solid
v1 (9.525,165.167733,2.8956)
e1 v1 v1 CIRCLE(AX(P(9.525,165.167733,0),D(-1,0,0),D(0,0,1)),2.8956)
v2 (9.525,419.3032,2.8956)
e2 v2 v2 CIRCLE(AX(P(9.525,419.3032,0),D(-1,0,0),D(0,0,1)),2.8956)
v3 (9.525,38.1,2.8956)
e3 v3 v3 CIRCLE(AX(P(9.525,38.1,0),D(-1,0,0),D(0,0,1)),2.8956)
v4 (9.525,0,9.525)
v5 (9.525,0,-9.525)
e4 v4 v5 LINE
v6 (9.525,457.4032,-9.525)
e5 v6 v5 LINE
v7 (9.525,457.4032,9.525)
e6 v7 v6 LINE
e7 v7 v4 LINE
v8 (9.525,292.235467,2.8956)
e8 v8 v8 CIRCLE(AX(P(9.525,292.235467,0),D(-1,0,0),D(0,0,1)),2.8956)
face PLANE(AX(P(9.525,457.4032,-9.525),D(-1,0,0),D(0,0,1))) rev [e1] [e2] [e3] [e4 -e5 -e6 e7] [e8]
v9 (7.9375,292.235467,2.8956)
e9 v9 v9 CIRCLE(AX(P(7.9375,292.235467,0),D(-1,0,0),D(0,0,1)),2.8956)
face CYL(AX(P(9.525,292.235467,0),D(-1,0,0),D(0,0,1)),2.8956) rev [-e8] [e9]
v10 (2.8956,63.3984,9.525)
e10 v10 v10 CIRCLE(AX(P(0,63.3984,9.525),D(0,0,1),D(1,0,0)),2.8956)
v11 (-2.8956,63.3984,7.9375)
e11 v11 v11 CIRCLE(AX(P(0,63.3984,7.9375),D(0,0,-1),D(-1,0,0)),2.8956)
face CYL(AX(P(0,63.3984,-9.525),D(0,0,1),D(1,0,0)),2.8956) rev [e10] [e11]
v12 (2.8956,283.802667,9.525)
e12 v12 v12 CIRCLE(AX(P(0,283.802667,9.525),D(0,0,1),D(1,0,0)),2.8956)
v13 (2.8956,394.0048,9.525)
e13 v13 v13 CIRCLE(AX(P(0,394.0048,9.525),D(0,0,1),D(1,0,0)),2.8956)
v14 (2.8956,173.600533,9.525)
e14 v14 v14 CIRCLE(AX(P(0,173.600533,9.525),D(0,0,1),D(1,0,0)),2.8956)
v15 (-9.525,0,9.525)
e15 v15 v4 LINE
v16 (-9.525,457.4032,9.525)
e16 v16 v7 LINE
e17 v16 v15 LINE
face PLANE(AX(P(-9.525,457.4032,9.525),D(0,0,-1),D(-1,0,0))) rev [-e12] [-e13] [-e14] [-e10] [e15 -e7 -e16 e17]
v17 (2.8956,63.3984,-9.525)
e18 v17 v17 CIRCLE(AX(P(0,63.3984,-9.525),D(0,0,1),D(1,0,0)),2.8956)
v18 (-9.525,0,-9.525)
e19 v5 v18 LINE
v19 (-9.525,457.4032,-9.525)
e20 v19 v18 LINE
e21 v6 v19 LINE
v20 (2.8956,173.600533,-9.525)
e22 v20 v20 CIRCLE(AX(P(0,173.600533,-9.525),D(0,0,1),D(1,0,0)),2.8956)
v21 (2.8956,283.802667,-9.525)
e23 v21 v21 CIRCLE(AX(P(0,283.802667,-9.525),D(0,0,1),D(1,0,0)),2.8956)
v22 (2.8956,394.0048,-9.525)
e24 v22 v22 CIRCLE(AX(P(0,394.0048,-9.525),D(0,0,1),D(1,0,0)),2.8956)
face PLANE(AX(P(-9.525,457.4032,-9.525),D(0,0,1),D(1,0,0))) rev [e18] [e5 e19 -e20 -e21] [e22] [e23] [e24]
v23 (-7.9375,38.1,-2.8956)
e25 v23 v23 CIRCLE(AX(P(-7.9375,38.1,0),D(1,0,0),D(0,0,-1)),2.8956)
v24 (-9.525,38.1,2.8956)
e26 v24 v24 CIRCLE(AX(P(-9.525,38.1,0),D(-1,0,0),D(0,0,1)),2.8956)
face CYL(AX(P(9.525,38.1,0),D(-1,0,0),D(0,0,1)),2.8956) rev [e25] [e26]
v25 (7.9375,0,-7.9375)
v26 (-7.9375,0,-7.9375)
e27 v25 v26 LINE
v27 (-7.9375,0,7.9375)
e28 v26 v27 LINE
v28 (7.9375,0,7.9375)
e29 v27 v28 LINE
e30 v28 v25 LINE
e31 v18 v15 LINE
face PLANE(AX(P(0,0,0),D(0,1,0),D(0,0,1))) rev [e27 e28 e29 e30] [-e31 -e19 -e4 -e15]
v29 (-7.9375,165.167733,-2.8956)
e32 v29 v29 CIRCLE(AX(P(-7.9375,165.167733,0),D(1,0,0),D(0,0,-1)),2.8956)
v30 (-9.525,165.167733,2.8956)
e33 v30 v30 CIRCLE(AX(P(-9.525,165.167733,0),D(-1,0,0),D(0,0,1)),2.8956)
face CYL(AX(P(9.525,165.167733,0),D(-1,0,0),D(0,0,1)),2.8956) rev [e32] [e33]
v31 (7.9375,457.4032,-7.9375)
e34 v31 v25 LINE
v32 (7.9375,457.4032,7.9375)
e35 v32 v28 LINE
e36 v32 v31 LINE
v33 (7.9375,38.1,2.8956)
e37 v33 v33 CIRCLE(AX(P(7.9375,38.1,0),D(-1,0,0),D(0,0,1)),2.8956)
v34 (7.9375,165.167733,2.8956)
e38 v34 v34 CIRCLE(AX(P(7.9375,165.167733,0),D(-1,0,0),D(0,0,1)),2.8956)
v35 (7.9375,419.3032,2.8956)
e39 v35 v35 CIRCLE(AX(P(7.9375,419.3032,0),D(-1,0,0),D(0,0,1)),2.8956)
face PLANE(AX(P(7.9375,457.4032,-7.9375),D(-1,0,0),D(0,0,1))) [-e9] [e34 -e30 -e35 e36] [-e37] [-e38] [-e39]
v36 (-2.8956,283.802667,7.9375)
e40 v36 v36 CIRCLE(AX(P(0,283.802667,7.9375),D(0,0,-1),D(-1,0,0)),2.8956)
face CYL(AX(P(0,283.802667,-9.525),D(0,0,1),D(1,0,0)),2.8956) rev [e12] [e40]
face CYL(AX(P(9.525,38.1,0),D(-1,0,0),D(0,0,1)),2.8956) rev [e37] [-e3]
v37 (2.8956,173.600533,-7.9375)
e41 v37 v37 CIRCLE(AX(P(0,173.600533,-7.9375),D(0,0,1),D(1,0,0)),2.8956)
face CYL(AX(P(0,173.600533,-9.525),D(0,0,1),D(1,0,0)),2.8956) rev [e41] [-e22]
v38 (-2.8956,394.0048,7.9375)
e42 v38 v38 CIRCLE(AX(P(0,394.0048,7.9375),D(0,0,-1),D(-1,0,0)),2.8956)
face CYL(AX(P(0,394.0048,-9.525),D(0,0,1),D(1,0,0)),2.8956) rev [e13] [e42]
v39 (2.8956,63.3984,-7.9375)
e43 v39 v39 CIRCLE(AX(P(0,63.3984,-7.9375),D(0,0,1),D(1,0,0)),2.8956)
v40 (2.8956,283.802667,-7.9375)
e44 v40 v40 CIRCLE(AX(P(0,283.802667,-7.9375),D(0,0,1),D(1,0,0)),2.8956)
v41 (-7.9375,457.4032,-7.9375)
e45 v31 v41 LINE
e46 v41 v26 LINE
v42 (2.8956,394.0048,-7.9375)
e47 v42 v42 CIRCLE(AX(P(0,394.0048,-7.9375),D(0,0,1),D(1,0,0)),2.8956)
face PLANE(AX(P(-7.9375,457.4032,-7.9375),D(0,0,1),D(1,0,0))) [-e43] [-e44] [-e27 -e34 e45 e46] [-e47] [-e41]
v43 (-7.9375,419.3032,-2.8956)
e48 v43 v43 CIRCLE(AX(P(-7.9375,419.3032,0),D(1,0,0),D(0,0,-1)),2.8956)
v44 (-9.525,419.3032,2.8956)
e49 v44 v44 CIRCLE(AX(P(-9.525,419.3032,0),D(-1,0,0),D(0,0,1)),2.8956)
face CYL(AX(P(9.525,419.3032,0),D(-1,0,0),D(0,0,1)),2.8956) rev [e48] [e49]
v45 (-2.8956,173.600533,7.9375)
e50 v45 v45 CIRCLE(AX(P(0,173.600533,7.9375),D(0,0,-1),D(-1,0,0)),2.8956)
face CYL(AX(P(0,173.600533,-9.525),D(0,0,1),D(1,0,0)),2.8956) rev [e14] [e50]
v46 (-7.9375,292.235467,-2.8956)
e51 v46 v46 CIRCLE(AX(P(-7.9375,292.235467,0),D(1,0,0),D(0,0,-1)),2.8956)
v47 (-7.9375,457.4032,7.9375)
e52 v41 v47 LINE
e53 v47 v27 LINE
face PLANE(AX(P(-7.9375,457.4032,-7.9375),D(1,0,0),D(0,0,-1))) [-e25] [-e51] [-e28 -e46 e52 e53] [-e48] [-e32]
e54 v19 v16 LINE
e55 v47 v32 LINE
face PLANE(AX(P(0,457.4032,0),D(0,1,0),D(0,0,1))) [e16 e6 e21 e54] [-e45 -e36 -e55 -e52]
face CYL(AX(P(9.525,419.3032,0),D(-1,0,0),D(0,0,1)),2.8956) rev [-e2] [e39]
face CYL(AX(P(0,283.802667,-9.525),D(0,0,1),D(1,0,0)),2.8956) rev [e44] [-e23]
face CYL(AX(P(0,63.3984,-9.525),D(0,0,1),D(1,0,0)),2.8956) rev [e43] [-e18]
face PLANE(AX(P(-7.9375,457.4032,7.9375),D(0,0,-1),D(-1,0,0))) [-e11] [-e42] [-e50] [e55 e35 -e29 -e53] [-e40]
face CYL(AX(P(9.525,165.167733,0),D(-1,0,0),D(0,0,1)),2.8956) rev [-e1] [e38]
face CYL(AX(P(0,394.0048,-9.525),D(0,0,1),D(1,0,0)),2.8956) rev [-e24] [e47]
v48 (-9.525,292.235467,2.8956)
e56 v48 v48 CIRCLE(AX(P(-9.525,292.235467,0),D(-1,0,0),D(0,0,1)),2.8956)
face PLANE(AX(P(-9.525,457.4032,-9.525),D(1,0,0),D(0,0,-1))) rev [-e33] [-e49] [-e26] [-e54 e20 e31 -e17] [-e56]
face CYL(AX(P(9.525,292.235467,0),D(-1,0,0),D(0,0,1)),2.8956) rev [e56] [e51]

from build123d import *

# Parameters (mm, degrees)
SKETCH1_W                 = 19.05
SKETCH1_H                 = 19.05
SKETCH1_W_2               = 15.875
SKETCH1_H_2               = 15.875
TUBE_DEPTH                = 457.4032
SKETCH2_R                 = 2.8956
TOPPLATEHOLES_DEPTH       = 20.05
LPATTERN1_COUNT           = 4
LPATTERN1_PITCH           = 110.202133333
SKETCH3_R                 = 2.8956
SIDEPLATEHOLEMASTER_DEPTH = 20.05
LPATTERN2_COUNT           = 4
LPATTERN2_PITCH           = 127.067733333


with BuildPart() as part:
    # Sketch1 → Tube (new body)
    with BuildSketch(Plane(origin=(0, 0, 0), x_dir=(1, 0, 0), z_dir=(0, 1, 0))):
        Rectangle(SKETCH1_W, SKETCH1_H)
        Rectangle(SKETCH1_W_2, SKETCH1_H_2, mode=Mode.SUBTRACT)
    extrude(amount=TUBE_DEPTH)

    # Sketch2 → TopPlateHoles (cut, through all)
    with BuildSketch(Plane.XY.offset(9.525)):
        with Locations((0, 394.0048)):
            Circle(SKETCH2_R)
    topplateholes = extrude(amount=-TOPPLATEHOLES_DEPTH, mode=Mode.SUBTRACT)

    # LPattern1: TopPlateHoles ×4
    with Locations(*[(0, -i * LPATTERN1_PITCH, 0) for i in range(1, LPATTERN1_COUNT)]):
        add(topplateholes, mode=Mode.SUBTRACT)

    # Sketch3 → SidePlateHoleMaster (cut, through all)
    with BuildSketch(Plane.ZY.offset(9.525)):
        with Locations((0, 419.3032)):
            Circle(SKETCH3_R)
    sideplateholemaster = extrude(amount=-SIDEPLATEHOLEMASTER_DEPTH, mode=Mode.SUBTRACT)

    # LPattern2: SidePlateHoleMaster ×4
    with Locations(*[(0, -i * LPATTERN2_PITCH, 0) for i in range(1, LPATTERN2_COUNT)]):
        add(sideplateholemaster, mode=Mode.SUBTRACT)


solid = part.part
